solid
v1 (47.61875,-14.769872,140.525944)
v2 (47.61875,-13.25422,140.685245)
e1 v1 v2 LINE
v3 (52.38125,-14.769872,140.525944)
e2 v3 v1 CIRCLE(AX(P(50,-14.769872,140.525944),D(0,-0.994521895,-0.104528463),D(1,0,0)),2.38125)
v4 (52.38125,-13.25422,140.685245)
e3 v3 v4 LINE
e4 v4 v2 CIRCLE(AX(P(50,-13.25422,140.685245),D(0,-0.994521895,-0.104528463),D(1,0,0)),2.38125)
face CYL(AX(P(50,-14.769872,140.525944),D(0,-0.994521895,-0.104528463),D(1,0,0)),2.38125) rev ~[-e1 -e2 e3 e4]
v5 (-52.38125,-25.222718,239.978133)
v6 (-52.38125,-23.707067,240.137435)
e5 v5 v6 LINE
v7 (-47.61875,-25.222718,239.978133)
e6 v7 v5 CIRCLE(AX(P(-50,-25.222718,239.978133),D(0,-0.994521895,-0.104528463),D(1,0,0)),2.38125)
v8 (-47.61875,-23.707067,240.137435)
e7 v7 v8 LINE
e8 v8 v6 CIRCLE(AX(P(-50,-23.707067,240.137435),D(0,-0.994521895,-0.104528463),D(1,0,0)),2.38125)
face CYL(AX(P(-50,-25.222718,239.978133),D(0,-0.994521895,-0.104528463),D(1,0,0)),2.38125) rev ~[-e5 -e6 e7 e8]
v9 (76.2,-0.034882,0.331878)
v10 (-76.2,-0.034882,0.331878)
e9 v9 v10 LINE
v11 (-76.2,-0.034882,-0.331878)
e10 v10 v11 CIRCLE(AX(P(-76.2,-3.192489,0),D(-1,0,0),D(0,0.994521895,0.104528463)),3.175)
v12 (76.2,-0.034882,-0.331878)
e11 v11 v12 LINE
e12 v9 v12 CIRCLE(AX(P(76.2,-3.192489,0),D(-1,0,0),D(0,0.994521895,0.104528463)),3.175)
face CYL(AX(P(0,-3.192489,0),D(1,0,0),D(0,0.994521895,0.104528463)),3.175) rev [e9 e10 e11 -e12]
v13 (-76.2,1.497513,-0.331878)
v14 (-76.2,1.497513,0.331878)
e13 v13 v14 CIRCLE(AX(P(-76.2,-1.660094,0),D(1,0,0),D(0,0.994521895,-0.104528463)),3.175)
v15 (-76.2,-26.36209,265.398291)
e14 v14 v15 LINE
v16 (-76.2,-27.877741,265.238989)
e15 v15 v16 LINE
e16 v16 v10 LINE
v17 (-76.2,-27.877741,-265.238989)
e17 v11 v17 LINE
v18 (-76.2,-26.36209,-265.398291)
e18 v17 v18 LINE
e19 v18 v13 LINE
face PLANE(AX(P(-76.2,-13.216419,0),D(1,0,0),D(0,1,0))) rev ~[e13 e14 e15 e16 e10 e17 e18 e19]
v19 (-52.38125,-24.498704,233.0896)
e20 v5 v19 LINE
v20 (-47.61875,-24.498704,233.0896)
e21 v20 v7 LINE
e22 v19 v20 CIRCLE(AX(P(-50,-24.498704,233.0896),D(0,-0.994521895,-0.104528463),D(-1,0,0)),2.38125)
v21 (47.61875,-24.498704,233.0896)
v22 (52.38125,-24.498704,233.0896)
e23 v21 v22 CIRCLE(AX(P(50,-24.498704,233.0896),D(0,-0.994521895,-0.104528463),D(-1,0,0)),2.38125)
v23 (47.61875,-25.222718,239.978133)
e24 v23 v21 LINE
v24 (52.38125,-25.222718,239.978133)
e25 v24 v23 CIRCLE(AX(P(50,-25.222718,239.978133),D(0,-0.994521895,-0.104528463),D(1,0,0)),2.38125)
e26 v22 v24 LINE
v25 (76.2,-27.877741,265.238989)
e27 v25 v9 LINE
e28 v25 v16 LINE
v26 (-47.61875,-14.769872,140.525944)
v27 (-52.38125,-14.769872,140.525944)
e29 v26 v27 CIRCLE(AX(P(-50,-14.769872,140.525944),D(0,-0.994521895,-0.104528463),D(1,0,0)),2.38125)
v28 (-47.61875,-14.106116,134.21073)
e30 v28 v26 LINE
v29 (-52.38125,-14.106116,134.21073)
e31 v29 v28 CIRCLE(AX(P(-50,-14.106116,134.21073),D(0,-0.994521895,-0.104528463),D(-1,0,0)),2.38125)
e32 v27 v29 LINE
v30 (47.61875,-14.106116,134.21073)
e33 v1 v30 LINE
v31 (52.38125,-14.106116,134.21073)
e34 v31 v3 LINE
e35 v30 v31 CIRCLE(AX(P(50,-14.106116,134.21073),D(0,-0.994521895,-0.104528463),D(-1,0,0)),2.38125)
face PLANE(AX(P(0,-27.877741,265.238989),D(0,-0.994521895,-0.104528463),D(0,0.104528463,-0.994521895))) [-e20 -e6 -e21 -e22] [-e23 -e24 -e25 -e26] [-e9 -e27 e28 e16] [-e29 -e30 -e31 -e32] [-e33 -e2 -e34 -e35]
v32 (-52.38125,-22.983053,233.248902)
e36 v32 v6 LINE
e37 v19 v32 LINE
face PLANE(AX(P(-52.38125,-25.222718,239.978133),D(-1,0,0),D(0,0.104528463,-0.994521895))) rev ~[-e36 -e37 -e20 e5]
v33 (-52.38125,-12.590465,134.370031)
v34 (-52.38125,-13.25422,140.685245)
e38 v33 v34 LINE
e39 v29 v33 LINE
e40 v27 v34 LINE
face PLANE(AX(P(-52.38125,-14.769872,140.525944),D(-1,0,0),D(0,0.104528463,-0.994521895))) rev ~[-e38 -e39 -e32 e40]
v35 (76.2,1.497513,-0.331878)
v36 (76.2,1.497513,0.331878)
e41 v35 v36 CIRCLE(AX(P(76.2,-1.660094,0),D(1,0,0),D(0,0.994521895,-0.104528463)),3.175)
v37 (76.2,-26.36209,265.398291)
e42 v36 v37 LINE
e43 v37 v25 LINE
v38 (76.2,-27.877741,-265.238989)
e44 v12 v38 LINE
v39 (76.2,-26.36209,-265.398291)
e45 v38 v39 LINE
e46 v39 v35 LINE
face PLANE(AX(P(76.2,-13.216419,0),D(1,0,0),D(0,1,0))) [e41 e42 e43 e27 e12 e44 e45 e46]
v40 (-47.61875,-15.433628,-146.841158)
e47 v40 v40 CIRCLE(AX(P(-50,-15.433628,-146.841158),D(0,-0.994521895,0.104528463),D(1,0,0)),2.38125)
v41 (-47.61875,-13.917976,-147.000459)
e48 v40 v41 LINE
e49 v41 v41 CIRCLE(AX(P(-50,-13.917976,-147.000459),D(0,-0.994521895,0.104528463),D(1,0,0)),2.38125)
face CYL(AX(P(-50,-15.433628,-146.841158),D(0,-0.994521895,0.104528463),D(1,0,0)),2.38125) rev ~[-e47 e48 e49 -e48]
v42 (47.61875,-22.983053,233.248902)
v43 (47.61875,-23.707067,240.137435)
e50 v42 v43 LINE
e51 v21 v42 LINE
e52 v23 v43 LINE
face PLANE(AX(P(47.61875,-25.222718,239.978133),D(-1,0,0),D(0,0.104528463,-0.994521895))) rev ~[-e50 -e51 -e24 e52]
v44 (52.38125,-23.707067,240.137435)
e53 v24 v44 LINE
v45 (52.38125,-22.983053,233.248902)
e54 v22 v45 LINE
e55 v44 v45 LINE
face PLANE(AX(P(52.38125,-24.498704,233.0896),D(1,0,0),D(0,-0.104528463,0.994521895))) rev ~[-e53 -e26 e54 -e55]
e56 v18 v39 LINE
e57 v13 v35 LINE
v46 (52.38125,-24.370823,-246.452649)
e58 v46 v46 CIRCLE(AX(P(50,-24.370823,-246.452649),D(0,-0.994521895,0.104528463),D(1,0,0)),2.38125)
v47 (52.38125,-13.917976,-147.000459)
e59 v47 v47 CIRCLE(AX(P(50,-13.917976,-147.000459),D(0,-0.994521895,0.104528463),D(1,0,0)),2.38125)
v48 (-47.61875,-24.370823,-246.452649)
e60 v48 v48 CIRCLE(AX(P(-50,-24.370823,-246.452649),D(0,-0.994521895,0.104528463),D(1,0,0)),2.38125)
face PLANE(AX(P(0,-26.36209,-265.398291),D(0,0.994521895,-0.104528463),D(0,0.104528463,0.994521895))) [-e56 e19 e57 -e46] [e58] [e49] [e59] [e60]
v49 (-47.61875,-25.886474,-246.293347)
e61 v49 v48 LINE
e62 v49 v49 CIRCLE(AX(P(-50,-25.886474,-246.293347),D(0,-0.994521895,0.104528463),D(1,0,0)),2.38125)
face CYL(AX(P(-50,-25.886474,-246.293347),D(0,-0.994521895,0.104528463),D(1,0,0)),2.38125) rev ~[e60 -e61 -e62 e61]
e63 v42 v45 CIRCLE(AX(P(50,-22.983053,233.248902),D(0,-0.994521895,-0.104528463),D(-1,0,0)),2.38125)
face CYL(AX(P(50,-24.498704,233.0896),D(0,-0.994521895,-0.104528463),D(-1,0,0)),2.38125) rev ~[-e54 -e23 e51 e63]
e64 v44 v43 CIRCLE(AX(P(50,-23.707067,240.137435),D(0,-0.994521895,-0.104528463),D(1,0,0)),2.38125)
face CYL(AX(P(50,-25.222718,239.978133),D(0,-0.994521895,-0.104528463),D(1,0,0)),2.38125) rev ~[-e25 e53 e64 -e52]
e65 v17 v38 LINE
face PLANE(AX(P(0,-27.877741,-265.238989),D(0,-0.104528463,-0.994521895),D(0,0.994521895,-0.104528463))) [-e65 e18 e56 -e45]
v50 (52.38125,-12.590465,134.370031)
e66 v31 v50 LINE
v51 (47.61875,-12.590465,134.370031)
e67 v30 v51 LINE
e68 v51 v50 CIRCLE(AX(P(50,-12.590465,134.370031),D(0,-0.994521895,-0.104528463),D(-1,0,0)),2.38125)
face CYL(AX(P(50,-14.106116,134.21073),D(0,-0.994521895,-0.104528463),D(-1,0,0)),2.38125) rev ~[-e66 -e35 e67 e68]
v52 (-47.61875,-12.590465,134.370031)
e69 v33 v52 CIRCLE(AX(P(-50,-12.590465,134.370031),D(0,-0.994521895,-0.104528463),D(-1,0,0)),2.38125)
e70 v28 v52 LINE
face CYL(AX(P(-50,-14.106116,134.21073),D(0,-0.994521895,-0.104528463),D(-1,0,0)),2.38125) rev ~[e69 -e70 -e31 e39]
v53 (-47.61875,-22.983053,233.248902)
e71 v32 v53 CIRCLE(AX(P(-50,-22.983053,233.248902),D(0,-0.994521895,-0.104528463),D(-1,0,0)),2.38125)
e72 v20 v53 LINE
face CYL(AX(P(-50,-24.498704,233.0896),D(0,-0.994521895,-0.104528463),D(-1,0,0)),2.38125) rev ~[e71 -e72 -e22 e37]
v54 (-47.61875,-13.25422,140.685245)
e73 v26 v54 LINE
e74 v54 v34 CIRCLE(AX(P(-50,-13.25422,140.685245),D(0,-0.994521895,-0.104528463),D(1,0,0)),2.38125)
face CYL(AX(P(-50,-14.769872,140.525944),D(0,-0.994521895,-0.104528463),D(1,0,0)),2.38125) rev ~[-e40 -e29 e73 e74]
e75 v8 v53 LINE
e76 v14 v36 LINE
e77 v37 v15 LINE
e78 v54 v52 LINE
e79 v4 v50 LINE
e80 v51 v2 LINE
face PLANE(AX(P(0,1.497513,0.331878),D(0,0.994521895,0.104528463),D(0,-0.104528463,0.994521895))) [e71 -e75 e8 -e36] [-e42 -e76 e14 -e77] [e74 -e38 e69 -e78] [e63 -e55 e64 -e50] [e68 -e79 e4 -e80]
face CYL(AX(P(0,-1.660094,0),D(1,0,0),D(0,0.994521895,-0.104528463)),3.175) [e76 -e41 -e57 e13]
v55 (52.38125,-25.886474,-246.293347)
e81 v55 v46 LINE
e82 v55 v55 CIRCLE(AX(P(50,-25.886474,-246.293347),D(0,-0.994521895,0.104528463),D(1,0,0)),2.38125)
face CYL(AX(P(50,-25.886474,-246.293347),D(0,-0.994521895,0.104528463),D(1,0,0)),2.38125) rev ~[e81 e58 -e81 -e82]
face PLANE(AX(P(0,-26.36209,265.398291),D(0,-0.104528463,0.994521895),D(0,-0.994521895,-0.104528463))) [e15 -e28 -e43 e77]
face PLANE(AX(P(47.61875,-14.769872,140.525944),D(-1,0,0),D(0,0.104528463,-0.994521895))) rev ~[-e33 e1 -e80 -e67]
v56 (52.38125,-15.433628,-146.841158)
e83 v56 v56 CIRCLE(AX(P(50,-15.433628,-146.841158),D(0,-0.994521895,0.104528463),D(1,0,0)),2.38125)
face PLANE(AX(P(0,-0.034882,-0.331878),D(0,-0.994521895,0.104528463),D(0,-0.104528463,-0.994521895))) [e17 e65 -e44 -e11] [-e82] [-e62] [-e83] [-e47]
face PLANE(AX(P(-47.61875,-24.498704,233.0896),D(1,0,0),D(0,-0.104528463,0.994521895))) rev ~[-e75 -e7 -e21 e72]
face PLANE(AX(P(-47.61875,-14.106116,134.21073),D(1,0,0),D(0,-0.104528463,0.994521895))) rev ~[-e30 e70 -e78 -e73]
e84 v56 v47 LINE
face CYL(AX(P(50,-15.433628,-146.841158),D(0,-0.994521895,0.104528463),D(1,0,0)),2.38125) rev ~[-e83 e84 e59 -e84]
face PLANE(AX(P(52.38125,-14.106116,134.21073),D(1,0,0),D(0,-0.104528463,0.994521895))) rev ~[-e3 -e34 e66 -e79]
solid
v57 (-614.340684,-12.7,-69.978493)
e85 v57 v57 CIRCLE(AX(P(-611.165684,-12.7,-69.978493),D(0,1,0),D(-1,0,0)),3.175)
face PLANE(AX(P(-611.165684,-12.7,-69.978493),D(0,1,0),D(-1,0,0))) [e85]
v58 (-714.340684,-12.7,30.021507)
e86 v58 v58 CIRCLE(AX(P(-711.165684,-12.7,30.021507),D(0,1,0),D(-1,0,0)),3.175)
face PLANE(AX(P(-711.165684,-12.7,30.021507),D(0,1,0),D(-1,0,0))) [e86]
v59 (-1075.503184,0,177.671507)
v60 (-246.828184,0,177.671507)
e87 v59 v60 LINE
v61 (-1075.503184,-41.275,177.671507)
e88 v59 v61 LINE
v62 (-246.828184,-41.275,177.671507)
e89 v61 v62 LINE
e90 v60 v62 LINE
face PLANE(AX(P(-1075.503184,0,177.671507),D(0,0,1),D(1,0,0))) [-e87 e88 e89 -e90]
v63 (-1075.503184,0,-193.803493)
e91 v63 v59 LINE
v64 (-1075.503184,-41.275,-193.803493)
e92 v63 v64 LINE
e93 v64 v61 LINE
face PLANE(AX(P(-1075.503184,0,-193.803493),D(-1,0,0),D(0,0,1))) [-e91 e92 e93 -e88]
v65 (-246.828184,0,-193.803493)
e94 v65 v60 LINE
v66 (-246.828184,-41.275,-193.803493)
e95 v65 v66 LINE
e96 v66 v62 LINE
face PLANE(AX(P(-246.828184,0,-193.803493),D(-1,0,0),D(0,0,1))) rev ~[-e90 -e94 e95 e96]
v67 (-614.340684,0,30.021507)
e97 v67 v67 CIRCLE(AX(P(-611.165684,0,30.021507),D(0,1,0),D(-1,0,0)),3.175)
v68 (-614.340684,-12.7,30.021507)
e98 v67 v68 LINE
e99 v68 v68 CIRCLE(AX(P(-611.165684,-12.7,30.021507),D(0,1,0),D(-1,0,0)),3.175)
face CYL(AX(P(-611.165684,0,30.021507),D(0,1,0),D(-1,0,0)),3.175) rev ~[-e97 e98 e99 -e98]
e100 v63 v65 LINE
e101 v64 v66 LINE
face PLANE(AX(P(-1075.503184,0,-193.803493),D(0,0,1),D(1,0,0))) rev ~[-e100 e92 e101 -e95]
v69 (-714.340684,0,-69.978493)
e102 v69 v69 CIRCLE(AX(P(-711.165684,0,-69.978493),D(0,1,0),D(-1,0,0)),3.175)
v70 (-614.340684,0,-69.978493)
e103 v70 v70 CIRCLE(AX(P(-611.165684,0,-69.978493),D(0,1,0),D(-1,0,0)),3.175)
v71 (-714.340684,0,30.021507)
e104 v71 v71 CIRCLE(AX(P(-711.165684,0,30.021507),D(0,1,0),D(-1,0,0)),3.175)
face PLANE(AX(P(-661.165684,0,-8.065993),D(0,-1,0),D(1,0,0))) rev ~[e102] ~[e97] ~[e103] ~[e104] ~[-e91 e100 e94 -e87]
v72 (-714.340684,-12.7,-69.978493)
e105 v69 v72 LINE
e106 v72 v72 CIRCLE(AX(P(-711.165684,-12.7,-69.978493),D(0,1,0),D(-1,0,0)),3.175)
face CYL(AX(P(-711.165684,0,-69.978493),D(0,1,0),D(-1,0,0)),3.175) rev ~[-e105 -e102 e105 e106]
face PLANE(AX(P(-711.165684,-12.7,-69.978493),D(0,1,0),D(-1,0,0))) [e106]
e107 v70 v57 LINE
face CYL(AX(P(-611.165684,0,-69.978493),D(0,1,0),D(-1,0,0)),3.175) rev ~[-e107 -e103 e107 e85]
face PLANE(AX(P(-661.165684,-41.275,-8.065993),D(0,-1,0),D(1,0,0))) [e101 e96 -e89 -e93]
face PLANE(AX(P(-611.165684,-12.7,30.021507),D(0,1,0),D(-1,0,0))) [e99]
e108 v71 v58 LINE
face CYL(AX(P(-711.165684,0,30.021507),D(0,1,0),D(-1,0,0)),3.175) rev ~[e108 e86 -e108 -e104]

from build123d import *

# Parameters (mm, degrees)
F1_DEPTH      = 76.2
F1_DEPTH_BACK = 76.2
F2_R          = 2.38125
F3_DEPTH      = 29.2492825166
F5_DEPTH      = 29.2492825166
F6_W          = 828.675
F6_H          = 371.475
F7_DEPTH      = 41.275
F8_R          = 3.175
F9_DEPTH      = 12.7


with BuildPart() as f1:
    # F0 (on Right) → F1 (new body, two sides)
    with BuildSketch(Plane.YZ) as f1_sk:
        with BuildLine():
            ThreePointArc((-0.0348817698, 0.3318778709), (-0.0174887876, 0), (-0.0348817698, -0.3318778709))
            Line((-0.0348817698, -0.3318778709), (-27.8777411535, -265.2389894947))
            Line((-27.8777411535, -265.2389894947), (-26.3620897849, -265.3982908727))
            Line((-26.3620897849, -265.3982908727), (1.4975128482, -0.3318778709))
            ThreePointArc((1.4975128482, -0.3318778709), (1.5149058304, 0), (1.4975128482, 0.3318778709))
            Line((1.4975128482, 0.3318778709), (-26.3620897849, 265.3982908727))
            Line((-26.3620897849, 265.3982908727), (-27.8777411535, 265.2389894947))
            Line((-27.8777411535, 265.2389894947), (-0.0348817698, 0.3318778709))
        make_face()
    extrude(amount=F1_DEPTH)
    extrude(f1_sk.sketch, amount=-F1_DEPTH_BACK)

    # F2 (on face) → F3 (cut, through all)
    with BuildSketch(Plane(origin=(0, 0, 0), x_dir=(1, 0, 0), z_dir=(0, -0.9945218954, 0.1045284633))):
        with Locations((-50, -147.65)):
            Circle(F2_R)
        with Locations((50, -147.65)):
            Circle(F2_R)
        with Locations((50, -247.65)):
            Circle(F2_R)
        with Locations((-50, -247.65)):
            Circle(F2_R)
    extrude(amount=-F3_DEPTH, mode=Mode.SUBTRACT)

    # F4 (on face) → F5 (cut, through all)
    with BuildSketch(Plane(origin=(0, 0, 0), x_dir=(1, 0, 0), z_dir=(0, -0.9945218954, -0.1045284633))):
        with BuildLine():
            ThreePointArc((-47.61875, 241.3), (-50, 243.68125), (-52.38125, 241.3))
            Line((-52.38125, 241.3), (-52.38125, 234.3735230446))
            ThreePointArc((-52.38125, 234.3735230446), (-50, 231.9922730446), (-47.61875, 234.3735230446))
            Line((-47.61875, 234.3735230446), (-47.61875, 241.3))
        make_face()
        with BuildLine():
            ThreePointArc((52.38125, 241.3), (50, 243.68125), (47.61875, 241.3))
            Line((47.61875, 241.3), (47.61875, 234.3735230446))
            ThreePointArc((47.61875, 234.3735230446), (50, 231.9922730446), (52.38125, 234.3735230446))
            Line((52.38125, 234.3735230446), (52.38125, 241.3))
        make_face()
        with BuildLine():
            Line((52.38125, 134.95), (52.38125, 141.3))
            ThreePointArc((52.38125, 141.3), (50, 143.68125), (47.61875, 141.3))
            Line((47.61875, 141.3), (47.61875, 134.95))
            ThreePointArc((47.61875, 134.95), (50, 132.56875), (52.38125, 134.95))
        make_face()
        with BuildLine():
            ThreePointArc((-47.61875, 141.3), (-50, 143.68125), (-52.38125, 141.3))
            Line((-52.38125, 141.3), (-52.38125, 134.95))
            ThreePointArc((-52.38125, 134.95), (-50, 132.56875), (-47.61875, 134.95))
            Line((-47.61875, 134.95), (-47.61875, 141.3))
        make_face()
    extrude(amount=-F5_DEPTH, mode=Mode.SUBTRACT)


with BuildPart() as f7:
    # F6 (on Front) → F7 (new body)
    with BuildSketch(Plane.XZ):
        with Locations((-661.1656835318, -8.0659929991)):
            Rectangle(F6_W, F6_H)
    extrude(amount=F7_DEPTH)

    # F8 (on face) → F9 (cut)
    with BuildSketch(Plane(origin=(0, 0, 0), x_dir=(-1, 0, 0), z_dir=(0, 1, 0))):
        with Locations((611.1656835318, 30.0215070009)):
            Circle(F8_R)
        with Locations((711.1656835318, 30.0215070009)):
            Circle(F8_R)
        with Locations((611.1656835318, -69.9784929991)):
            Circle(F8_R)
        with Locations((711.1656835318, -69.9784929991)):
            Circle(F8_R)
    extrude(amount=-F9_DEPTH, mode=Mode.SUBTRACT)


solid = Compound([f1.part, f7.part])
